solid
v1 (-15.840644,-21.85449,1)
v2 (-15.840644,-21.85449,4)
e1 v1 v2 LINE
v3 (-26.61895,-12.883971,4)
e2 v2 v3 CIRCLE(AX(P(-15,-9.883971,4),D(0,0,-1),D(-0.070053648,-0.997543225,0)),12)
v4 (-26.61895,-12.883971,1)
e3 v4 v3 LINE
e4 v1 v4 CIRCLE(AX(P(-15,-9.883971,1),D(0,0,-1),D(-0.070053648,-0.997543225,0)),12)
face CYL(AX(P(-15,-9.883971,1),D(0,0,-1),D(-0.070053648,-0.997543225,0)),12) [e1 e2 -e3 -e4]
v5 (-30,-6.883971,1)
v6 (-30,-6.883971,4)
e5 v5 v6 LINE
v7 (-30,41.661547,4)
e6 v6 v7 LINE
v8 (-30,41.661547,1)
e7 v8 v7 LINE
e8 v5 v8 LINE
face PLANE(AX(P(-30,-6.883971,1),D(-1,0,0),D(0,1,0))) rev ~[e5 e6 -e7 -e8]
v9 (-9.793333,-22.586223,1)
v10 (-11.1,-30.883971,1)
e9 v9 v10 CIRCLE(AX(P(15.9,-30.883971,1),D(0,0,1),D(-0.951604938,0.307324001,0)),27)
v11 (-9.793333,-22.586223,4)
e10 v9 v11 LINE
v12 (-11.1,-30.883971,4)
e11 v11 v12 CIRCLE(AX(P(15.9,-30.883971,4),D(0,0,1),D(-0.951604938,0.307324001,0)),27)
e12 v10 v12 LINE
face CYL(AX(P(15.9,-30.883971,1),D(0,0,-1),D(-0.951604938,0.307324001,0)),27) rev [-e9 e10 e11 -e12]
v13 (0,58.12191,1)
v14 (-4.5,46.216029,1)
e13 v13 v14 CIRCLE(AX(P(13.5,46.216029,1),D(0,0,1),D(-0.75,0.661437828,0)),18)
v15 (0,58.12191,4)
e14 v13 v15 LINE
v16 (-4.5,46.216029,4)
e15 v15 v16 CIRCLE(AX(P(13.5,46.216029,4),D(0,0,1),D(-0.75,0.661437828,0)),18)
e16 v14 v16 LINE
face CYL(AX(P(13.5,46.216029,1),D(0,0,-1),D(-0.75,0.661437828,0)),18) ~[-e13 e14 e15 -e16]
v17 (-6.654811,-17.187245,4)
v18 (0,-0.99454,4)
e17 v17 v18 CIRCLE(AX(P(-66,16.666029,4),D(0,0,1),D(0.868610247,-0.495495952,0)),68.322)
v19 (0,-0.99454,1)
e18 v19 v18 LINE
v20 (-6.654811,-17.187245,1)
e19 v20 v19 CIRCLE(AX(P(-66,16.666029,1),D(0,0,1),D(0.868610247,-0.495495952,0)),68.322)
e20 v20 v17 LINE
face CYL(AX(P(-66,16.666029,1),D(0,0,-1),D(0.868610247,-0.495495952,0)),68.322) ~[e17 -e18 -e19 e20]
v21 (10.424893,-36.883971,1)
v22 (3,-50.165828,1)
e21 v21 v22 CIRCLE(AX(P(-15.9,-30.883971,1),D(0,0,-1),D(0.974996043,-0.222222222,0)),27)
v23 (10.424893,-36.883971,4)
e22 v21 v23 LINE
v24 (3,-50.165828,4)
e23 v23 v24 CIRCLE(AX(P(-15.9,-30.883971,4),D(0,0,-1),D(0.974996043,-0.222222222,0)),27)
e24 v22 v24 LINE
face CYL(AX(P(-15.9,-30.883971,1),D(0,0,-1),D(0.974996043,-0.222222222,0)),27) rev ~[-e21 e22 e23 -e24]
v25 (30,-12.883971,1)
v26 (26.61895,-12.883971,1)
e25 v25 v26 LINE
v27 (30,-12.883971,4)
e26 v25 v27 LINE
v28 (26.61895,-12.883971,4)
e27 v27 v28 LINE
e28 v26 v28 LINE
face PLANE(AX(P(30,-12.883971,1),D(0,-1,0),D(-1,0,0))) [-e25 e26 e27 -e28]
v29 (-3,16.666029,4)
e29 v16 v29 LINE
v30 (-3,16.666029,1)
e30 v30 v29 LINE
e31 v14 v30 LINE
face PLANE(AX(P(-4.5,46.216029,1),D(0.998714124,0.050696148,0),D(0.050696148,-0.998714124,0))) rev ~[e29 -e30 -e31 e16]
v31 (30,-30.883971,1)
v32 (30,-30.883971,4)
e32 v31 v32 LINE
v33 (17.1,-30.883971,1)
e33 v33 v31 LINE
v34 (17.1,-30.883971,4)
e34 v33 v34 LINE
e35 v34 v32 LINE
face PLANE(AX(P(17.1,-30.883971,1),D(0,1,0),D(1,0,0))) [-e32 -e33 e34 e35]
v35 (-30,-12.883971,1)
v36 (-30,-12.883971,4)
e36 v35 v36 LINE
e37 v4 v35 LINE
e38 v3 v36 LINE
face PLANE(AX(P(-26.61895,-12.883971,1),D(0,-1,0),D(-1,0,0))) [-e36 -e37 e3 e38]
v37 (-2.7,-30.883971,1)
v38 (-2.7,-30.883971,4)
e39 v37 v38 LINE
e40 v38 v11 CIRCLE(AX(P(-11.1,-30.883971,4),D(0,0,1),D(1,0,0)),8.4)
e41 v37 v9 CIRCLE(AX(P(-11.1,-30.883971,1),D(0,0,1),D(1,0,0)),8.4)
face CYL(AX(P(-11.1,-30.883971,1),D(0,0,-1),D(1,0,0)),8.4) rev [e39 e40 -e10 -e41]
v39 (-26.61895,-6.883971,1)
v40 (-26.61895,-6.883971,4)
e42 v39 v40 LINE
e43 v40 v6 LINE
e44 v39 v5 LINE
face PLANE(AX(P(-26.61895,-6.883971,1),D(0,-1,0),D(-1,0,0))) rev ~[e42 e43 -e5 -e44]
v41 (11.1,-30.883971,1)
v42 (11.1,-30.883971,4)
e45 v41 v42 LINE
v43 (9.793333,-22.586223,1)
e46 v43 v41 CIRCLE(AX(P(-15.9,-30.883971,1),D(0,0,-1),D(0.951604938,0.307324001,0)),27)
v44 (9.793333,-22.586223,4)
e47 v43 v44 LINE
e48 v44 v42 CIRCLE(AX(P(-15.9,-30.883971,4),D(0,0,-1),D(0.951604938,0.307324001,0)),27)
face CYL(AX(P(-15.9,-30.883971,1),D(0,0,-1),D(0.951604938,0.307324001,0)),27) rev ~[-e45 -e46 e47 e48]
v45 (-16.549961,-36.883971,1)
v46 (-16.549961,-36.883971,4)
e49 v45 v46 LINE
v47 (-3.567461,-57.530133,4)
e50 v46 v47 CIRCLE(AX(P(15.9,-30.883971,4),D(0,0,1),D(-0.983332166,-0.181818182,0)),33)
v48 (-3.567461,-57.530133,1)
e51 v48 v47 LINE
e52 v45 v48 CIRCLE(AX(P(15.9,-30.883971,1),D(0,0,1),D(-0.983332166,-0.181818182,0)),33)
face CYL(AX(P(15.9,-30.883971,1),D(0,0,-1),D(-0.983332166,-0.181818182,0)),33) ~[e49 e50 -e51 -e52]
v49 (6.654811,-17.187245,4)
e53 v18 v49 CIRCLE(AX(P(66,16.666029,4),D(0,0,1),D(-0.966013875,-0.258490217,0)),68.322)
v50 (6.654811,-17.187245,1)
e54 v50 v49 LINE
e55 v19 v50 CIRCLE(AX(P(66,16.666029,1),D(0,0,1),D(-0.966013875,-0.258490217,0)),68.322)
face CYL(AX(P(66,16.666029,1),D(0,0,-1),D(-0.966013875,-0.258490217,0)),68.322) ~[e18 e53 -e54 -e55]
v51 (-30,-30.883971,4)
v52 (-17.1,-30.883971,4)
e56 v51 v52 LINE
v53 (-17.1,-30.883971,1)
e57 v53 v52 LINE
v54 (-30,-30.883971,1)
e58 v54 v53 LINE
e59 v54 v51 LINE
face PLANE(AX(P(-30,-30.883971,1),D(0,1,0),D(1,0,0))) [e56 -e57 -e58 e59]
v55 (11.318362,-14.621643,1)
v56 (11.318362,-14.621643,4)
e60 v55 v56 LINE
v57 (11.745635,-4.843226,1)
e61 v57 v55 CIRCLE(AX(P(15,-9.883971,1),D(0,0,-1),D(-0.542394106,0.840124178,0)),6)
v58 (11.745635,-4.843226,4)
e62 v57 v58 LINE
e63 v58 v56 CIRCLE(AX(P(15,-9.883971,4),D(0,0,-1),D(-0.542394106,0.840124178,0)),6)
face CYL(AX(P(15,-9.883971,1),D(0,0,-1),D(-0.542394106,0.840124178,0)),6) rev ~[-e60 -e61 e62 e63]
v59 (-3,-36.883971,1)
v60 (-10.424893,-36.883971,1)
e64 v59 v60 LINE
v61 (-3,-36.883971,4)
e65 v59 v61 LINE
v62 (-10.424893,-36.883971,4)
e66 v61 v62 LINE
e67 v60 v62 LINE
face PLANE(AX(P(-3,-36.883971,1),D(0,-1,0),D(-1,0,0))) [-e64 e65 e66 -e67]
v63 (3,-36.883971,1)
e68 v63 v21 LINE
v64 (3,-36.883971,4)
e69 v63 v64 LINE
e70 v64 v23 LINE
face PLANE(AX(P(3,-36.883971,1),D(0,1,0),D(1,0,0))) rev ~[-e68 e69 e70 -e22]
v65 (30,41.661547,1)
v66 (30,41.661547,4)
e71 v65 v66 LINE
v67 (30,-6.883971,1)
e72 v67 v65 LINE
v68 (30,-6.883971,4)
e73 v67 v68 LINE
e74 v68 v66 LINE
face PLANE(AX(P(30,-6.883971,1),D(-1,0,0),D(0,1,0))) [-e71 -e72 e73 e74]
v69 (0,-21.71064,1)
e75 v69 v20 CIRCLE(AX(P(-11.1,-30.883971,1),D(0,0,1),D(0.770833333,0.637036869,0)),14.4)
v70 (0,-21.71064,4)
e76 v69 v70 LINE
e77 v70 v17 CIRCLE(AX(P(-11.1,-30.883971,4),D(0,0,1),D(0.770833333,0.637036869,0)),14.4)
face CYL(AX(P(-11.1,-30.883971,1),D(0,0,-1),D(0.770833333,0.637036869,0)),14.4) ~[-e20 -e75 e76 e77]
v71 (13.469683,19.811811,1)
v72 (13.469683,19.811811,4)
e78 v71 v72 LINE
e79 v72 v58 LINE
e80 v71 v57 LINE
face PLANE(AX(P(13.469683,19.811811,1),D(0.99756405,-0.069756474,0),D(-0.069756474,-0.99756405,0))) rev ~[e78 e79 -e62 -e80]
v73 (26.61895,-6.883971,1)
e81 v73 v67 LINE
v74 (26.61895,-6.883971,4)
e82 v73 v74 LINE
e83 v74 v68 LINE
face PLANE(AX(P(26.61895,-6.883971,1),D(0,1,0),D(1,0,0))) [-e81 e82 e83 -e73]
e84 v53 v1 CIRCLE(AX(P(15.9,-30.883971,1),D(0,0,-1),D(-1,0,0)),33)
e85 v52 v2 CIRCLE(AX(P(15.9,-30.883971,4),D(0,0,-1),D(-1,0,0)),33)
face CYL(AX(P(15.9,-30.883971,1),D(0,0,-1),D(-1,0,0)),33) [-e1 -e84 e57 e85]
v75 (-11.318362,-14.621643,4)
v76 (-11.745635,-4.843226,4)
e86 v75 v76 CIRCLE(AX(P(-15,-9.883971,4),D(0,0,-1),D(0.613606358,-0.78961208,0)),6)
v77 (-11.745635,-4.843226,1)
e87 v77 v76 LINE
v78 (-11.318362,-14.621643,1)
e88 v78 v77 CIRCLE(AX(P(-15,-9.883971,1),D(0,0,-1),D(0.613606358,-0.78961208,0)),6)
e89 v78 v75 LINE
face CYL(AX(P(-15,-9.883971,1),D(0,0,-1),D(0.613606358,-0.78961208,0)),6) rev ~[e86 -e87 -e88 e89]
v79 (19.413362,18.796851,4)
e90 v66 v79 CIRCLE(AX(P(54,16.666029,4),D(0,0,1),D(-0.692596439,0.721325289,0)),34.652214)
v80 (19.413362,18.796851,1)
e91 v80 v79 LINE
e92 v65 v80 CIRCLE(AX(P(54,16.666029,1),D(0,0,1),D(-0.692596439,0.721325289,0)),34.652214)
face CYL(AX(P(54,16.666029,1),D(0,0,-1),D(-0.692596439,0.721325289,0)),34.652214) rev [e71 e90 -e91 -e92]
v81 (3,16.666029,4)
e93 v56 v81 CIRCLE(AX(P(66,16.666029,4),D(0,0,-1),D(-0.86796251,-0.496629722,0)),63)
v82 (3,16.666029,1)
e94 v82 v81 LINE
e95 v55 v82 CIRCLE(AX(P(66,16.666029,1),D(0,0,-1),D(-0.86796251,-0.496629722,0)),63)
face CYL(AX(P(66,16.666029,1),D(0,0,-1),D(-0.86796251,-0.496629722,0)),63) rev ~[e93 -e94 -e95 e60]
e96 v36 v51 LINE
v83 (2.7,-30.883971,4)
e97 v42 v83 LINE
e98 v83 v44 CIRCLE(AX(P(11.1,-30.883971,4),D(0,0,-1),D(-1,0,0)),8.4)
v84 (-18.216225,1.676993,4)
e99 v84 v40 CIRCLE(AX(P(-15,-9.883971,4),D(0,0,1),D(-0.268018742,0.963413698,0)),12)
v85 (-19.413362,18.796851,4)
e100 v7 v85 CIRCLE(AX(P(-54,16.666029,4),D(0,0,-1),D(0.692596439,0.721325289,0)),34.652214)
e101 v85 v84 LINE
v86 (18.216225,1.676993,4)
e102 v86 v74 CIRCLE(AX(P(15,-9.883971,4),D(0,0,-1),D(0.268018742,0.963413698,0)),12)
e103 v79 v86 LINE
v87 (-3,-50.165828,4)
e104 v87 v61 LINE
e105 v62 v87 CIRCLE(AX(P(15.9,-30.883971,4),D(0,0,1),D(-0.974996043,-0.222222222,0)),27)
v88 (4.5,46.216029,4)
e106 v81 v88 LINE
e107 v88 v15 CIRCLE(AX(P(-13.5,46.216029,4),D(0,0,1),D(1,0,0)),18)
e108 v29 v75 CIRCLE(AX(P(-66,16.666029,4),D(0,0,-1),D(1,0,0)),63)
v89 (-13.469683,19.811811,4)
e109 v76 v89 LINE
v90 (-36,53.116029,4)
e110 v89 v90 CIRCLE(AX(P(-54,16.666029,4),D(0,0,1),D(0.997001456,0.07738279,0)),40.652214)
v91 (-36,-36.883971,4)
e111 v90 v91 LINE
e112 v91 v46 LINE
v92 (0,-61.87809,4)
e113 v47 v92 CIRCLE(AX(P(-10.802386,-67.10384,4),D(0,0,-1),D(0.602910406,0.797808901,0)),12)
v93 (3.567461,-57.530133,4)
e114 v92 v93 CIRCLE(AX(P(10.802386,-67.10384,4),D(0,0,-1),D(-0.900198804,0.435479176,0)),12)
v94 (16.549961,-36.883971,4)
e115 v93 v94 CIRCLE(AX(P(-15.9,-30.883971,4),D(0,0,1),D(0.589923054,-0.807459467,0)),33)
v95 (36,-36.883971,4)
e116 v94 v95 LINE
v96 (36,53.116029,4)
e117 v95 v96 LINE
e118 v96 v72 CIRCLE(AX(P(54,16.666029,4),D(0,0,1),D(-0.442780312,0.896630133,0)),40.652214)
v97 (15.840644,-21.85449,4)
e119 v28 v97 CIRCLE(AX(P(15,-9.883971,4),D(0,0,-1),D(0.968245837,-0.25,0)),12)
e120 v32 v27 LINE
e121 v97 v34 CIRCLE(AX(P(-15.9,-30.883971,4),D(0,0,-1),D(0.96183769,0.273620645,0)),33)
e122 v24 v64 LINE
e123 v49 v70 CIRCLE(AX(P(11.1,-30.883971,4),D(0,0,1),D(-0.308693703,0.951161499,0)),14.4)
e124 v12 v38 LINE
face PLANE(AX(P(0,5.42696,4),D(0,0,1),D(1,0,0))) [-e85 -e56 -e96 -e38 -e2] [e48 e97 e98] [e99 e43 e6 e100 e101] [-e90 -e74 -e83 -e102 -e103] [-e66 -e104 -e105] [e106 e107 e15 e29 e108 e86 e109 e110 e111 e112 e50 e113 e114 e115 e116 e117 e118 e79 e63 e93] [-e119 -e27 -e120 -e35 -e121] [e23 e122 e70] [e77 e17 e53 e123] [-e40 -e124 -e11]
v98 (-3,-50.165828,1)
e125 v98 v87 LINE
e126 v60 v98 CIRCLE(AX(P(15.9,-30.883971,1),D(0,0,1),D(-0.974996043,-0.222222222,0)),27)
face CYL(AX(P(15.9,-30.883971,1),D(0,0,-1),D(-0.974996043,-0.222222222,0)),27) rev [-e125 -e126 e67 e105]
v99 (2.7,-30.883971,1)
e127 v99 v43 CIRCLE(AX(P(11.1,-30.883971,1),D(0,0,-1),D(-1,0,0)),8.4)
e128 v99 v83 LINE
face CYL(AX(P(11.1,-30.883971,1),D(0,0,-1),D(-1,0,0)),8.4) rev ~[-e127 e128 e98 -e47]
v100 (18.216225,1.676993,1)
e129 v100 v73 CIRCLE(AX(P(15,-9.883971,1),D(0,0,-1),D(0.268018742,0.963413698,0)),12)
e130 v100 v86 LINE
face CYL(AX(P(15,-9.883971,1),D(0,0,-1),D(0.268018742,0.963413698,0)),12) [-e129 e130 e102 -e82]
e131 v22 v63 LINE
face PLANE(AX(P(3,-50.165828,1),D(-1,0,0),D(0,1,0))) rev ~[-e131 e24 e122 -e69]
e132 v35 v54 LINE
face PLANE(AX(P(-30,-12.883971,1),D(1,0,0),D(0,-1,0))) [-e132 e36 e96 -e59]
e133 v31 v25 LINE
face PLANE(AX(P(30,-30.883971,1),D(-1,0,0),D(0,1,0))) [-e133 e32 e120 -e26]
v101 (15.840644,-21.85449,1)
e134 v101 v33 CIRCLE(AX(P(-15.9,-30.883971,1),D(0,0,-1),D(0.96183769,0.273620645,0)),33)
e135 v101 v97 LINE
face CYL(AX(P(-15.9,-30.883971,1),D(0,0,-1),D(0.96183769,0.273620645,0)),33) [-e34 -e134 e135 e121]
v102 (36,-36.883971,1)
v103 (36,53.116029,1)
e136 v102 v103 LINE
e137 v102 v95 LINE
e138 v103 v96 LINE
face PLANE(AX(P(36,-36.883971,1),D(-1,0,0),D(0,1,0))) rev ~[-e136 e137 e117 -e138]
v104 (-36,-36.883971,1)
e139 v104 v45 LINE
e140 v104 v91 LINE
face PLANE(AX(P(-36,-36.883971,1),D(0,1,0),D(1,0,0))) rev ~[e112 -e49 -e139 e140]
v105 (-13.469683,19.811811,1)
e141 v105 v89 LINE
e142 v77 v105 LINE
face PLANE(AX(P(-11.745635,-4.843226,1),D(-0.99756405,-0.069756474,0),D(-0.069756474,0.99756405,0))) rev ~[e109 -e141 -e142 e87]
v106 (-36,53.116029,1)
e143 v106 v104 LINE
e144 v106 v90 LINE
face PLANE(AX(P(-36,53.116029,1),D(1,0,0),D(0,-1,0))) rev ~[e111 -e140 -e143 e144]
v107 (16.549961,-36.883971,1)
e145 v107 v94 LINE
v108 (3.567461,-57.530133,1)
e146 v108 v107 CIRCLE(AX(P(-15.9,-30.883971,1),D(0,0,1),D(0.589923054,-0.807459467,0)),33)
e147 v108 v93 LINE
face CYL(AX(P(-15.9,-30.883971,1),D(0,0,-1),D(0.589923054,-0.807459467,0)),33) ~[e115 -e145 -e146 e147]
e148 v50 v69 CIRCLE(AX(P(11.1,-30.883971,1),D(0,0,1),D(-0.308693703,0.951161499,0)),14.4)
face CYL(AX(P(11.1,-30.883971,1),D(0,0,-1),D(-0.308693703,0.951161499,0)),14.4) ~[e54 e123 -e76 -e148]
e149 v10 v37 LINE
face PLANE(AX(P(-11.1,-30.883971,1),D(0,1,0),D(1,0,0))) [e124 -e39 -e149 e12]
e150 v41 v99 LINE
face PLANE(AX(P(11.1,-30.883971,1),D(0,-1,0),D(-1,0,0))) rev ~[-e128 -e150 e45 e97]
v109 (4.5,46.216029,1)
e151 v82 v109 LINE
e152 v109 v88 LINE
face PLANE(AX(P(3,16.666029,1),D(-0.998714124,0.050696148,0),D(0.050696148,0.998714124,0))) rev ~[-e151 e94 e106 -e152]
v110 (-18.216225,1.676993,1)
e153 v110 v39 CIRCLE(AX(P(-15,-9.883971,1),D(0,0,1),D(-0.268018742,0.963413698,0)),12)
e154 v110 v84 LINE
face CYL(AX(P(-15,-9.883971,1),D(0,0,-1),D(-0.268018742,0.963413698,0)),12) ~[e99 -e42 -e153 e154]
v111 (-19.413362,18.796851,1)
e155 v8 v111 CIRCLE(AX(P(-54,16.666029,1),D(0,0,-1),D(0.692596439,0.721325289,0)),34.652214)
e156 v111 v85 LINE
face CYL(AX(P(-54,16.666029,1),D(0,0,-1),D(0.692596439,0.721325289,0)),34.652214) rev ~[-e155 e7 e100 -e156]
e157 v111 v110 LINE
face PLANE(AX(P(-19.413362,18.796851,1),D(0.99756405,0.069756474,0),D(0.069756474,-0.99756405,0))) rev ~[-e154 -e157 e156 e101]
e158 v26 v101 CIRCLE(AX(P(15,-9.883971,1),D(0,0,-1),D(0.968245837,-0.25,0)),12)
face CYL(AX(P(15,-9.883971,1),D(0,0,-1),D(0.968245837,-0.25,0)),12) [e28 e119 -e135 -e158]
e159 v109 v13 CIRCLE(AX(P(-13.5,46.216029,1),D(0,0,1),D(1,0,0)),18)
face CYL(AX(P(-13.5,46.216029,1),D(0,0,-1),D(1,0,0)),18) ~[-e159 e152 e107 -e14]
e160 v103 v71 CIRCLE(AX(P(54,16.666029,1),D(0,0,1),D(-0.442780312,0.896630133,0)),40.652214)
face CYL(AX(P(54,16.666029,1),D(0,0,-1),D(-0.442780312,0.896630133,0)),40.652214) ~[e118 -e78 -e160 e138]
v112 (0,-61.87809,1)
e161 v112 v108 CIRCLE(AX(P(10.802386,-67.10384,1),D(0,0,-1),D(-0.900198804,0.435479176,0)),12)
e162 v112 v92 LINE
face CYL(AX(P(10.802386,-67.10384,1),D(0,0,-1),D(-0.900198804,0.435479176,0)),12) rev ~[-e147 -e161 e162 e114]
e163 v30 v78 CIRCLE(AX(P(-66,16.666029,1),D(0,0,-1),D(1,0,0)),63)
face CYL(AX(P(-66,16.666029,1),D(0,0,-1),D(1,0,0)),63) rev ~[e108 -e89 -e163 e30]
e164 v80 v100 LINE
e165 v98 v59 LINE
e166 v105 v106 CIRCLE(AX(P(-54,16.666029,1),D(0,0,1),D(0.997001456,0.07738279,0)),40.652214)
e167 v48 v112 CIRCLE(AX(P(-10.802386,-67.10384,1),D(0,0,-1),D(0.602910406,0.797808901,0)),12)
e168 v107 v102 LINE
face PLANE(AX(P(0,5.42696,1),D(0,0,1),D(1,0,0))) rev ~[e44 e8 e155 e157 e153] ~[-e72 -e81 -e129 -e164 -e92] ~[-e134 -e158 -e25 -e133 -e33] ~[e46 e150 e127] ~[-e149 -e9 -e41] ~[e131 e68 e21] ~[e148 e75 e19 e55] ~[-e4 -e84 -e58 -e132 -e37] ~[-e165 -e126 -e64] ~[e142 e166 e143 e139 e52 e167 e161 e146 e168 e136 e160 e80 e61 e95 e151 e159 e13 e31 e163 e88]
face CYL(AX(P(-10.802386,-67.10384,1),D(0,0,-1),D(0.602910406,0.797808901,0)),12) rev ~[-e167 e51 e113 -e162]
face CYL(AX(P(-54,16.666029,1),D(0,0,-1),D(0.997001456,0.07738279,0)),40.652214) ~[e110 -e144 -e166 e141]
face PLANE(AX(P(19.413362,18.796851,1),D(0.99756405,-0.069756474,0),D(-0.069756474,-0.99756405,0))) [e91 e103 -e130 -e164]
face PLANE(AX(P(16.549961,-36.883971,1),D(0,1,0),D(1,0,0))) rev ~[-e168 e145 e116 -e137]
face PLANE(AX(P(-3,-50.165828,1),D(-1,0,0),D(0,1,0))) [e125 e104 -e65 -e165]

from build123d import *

# Parameters (mm, degrees)
EXTRUDE_1_DEPTH = 5
SCALE_1_SCALE   = 0.6


with BuildPart() as part:
    # Эскиз1 → Бобышка-Вытянуть1 (new body)
    with BuildSketch(Plane.XY):
        with BuildLine():
            Line((5, 29.434281034), (7.5, 78.684281034))
            ThreePointArc((7.5, 78.684281034), (5.562430401, 89.290882752), (0, 98.527415867))
            ThreePointArc((0, 98.527415867), (-5.562430401, 89.290882752), (-7.5, 78.684281034))
            Line((-7.5, 78.684281034), (-5, 29.434281034))
            ThreePointArc((-5, 29.434281034), (-8.525159088, 2.45546227), (-18.863936417, -22.711839767))
            ThreePointArc((-18.863936417, -22.711839767), (-34.990467135, -15.25225811), (-19.576058944, -6.414477187))
            Line((-19.576058944, -6.414477187), (-22.449472465, 34.677250594))
            ThreePointArc((-22.449472465, 34.677250594), (-33.881518529, 67.398455427), (-60, 90.184281034))
            Line((-60, 90.184281034), (-60, -59.815718966))
            Line((-60, -59.815718966), (-27.583269132, -59.815718966))
            ThreePointArc((-27.583269132, -59.815718966), (-20.06001769, -79.093095091), (-5.945767968, -94.225989636))
            ThreePointArc((-5.945767968, -94.225989636), (-2.542345747, -97.496033993), (0, -101.472584133))
            ThreePointArc((0, -101.472584133), (2.542345747, -97.496033993), (5.945767968, -94.225989636))
            ThreePointArc((5.945767968, -94.225989636), (20.06001769, -79.093095091), (27.583269132, -59.815718966))
            Line((27.583269132, -59.815718966), (60, -59.815718966))
            Line((60, -59.815718966), (60, 90.184281034))
            ThreePointArc((60, 90.184281034), (33.881518529, 67.398455427), (22.449472466, 34.677250594))
            Line((22.449472466, 34.677250594), (19.576058945, -6.414477187))
            ThreePointArc((19.576058945, -6.414477187), (34.990467135, -15.25225811), (18.863936417, -22.711839767))
            ThreePointArc((18.863936417, -22.711839767), (8.525159088, 2.45546227), (5, 29.434281034))
        make_face()
        with BuildLine():
            Line((18.5, -49.815718966), (4.5, -49.815718966))
            ThreePointArc((4.5, -49.815718966), (7.858362699, -40.718710911), (16.322222222, -35.986138931))
            ThreePointArc((16.322222222, -35.986138931), (17.952221542, -42.815718966), (18.5, -49.815718966))
        make_face(mode=Mode.SUBTRACT)
        with BuildLine():
            Line((5, -59.815718966), (17.374821937, -59.815718966))
            ThreePointArc((17.374821937, -59.815718966), (12.779082294, -71.773717375), (5, -81.952146894))
            Line((5, -81.952146894), (5, -59.815718966))
        make_face(mode=Mode.SUBTRACT)
        with BuildLine():
            Line((28.5, -49.815718966), (50, -49.815718966))
            Line((50, -49.815718966), (50, -19.815718966))
            Line((50, -19.815718966), (44.364916731, -19.815718966))
            ThreePointArc((44.364916731, -19.815718966), (37.794087282, -30.18814007), (26.401072965, -34.766583472))
            ThreePointArc((26.401072965, -34.766583472), (27.972740949, -42.218318526), (28.5, -49.815718966))
        make_face(mode=Mode.SUBTRACT)
        with BuildLine():
            Line((44.364916731, -9.815718966), (50, -9.815718966))
            Line((50, -9.815718966), (50, 71.093478113))
            ThreePointArc((50, 71.093478113), (37.591425702, 53.700101468), (32.355603325, 32.985651651))
            Line((32.355603325, 32.985651651), (30.360374841, 4.452554998))
            ThreePointArc((30.360374841, 4.452554998), (39.273434111, -0.806112309), (44.364916731, -9.815718966))
        make_face(mode=Mode.SUBTRACT)
        with BuildLine():
            Line((-44.364916731, -19.815718966), (-50, -19.815718966))
            Line((-50, -19.815718966), (-50, -49.815718966))
            Line((-50, -49.815718966), (-28.5, -49.815718966))
            ThreePointArc((-28.5, -49.815718966), (-27.972740949, -42.218318526), (-26.401072965, -34.766583472))
            ThreePointArc((-26.401072965, -34.766583472), (-37.794087282, -30.18814007), (-44.364916731, -19.815718966))
        make_face(mode=Mode.SUBTRACT)
        with BuildLine():
            Line((-5, -81.952146894), (-5, -59.815718966))
            Line((-5, -59.815718966), (-17.374821937, -59.815718966))
            ThreePointArc((-17.374821937, -59.815718966), (-12.779082294, -71.773717375), (-5, -81.952146894))
        make_face(mode=Mode.SUBTRACT)
        with BuildLine():
            Line((-50, -9.815718966), (-50, 71.093478113))
            ThreePointArc((-50, 71.093478113), (-37.591425702, 53.700101468), (-32.355603325, 32.985651651))
            Line((-32.355603325, 32.985651651), (-30.360374841, 4.452554998))
            ThreePointArc((-30.360374841, 4.452554998), (-39.273434111, -0.806112309), (-44.364916731, -9.815718966))
            Line((-44.364916731, -9.815718966), (-50, -9.815718966))
        make_face(mode=Mode.SUBTRACT)
        with BuildLine():
            Line((-18.5, -49.815718966), (-4.5, -49.815718966))
            ThreePointArc((-4.5, -49.815718966), (-7.858362699, -40.718710911), (-16.322222222, -35.986138931))
            ThreePointArc((-16.322222222, -35.986138931), (-17.952221542, -42.815718966), (-18.5, -49.815718966))
        make_face(mode=Mode.SUBTRACT)
        with BuildLine():
            ThreePointArc((11.091351129, -26.987842983), (5.008387109, -29.966880672), (0, -34.526834114))
            ThreePointArc((0, -34.526834114), (-5.008387109, -29.966880672), (-11.091351129, -26.987842983))
            ThreePointArc((-11.091351129, -26.987842983), (-4.677676581, -13.850648093), (0, 0))
            ThreePointArc((0, 0), (4.677676581, -13.850648093), (11.091351129, -26.987842983))
        make_face(mode=Mode.SUBTRACT)
    extrude(amount=EXTRUDE_1_DEPTH)


with BuildPart() as part_1:
    # Масштаб1: scaled about (0, -2.486348983, 2.5)
    add(part.part.scale(SCALE_1_SCALE).moved(Location((0, -0.994539593, 1))))


solid = part_1.part
